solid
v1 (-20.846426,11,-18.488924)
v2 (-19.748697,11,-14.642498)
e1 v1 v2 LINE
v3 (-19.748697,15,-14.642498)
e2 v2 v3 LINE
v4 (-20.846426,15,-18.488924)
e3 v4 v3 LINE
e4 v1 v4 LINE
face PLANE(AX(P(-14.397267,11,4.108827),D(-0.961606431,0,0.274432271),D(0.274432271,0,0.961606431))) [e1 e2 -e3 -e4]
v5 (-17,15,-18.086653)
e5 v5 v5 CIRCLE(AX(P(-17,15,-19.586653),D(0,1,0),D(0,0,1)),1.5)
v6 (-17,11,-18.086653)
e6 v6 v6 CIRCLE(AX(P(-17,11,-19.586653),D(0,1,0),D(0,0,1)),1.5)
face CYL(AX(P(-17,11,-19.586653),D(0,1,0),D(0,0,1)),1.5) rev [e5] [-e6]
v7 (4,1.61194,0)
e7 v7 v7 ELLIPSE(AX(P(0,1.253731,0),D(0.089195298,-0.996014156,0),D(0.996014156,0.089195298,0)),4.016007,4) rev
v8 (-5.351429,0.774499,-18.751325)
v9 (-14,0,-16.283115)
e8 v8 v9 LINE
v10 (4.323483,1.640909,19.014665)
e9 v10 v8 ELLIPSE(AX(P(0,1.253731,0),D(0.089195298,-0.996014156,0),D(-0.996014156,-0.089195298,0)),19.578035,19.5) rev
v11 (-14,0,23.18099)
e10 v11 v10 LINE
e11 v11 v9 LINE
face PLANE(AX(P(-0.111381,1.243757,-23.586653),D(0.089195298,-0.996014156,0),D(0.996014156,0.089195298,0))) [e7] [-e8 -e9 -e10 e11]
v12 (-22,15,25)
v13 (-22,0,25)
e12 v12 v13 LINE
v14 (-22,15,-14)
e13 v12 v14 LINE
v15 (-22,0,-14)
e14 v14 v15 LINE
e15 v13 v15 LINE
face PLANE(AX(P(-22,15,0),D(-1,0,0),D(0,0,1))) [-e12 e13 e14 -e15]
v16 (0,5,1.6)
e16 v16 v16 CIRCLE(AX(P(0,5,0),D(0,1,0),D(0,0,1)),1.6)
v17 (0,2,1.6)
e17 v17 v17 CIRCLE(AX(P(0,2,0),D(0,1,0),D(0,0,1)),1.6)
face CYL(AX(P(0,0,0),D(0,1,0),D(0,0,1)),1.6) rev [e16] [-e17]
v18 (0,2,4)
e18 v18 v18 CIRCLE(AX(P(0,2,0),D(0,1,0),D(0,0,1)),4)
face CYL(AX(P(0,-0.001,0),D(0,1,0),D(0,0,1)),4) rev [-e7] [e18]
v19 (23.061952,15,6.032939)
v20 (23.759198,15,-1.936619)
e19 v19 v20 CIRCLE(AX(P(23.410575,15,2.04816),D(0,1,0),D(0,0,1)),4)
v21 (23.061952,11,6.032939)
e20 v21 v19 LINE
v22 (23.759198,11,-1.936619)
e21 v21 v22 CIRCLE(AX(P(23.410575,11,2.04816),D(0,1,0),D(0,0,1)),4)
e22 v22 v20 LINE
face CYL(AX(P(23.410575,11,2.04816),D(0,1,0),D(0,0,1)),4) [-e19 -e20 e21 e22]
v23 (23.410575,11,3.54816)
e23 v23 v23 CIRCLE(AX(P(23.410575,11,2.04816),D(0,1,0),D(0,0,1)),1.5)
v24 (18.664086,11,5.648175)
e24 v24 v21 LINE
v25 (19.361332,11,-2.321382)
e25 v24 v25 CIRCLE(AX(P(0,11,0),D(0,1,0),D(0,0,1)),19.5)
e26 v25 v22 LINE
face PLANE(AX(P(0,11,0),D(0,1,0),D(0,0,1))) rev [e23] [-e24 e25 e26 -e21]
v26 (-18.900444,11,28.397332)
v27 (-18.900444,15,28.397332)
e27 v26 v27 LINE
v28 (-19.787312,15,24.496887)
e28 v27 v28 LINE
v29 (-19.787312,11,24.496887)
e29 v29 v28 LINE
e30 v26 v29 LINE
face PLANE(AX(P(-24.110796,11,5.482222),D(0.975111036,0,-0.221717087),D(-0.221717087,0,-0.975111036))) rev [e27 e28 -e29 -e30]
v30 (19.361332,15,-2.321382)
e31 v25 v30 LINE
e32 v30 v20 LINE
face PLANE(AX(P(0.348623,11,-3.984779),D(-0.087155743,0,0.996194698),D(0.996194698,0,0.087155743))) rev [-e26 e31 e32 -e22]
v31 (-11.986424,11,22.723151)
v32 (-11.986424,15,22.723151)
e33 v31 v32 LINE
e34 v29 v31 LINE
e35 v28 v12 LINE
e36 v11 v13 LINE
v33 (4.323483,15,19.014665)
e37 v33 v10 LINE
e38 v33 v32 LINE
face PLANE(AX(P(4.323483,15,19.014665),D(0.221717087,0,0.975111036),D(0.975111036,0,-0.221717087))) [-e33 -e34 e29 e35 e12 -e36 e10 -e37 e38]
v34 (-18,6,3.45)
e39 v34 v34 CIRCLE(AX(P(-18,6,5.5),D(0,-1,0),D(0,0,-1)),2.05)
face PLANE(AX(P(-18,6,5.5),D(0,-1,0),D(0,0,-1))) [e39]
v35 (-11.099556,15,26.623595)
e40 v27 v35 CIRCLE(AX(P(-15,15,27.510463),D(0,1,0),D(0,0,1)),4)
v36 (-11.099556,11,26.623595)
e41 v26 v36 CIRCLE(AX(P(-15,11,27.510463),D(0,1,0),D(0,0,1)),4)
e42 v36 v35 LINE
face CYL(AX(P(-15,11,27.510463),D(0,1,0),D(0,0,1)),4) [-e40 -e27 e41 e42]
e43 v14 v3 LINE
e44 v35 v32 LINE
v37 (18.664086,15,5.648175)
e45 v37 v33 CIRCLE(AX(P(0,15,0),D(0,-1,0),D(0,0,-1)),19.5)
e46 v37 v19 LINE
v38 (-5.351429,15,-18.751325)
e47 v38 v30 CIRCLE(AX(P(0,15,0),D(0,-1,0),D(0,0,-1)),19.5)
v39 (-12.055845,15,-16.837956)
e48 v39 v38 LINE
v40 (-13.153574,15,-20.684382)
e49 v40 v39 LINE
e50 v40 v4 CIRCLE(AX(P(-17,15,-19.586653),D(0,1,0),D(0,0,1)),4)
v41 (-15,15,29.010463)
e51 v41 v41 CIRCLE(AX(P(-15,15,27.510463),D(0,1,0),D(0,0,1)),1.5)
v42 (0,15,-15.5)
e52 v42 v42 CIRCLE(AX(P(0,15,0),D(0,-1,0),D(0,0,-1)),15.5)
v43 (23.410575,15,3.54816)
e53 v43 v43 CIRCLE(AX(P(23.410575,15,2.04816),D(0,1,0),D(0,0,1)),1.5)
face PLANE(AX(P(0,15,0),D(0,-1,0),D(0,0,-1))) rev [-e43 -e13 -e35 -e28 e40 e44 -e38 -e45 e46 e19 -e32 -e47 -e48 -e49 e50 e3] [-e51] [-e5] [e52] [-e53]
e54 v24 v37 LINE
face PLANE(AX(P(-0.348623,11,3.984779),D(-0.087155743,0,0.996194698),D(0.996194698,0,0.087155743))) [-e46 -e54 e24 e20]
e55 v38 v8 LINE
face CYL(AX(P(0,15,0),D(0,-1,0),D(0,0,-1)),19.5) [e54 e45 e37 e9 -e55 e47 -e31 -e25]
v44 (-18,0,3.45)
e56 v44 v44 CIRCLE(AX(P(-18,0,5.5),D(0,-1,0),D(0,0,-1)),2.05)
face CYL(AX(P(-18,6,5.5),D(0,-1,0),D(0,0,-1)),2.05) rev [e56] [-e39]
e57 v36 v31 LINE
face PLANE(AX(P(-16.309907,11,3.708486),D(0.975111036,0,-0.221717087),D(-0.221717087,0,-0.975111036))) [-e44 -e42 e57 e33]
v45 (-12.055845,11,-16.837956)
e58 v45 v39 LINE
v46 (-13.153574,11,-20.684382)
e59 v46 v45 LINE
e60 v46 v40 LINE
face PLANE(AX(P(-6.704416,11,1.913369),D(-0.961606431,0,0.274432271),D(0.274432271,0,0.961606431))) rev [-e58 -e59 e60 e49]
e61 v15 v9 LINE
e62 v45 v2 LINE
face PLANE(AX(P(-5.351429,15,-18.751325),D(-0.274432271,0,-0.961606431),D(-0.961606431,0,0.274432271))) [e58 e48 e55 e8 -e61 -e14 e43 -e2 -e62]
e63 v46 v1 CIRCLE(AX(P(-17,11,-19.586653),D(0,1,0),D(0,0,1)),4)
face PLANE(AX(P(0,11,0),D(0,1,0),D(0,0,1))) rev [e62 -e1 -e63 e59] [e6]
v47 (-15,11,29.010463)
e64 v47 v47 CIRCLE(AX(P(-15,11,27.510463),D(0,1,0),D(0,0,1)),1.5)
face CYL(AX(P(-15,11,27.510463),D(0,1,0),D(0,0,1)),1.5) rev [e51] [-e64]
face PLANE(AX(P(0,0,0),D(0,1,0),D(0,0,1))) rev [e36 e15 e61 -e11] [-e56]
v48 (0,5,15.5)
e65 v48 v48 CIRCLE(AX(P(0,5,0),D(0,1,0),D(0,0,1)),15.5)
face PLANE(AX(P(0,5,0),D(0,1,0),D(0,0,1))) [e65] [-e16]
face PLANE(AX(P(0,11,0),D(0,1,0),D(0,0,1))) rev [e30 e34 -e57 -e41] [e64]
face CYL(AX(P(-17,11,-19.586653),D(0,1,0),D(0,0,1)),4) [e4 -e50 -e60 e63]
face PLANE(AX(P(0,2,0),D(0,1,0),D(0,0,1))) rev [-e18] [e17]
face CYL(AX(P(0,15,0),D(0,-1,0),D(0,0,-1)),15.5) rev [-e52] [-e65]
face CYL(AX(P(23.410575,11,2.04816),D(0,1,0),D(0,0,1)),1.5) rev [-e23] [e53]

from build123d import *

# Parameters (mm, degrees)
SKETCH1_R               = 15.5
BOSS_EXTRUDE1_DEPTH     = 5
SKETCH2_R               = 15.5
BOSS_EXTRUDE2_DEPTH     = 15
CUT_EXTRUDE7_DEPTH      = 26
CUT_EXTRUDE7_DEPTH_BACK = 20.5
SKETCH18_R              = 1.6
CUT_EXTRUDE8_DEPTH      = 6
SKETCH19_R              = 2.05
CUT_EXTRUDE9_DEPTH      = 6
CUT_EXTRUDE10_REACH     = 4
SKETCH20_R              = 4
SKETCH21_R              = 1.5
SKETCH21_R_2            = 4
BOSS_EXTRUDE3_DEPTH     = 4


with BuildPart() as part:
    # Sketch1 → Boss-Extrude1 (new body)
    with BuildSketch(Plane(origin=(0, 0, 0), x_dir=(1, 0, 0), z_dir=(0, 1, 0))):
        Circle(SKETCH1_R)
    extrude(amount=BOSS_EXTRUDE1_DEPTH)

    # Sketch2 → Boss-Extrude2 (add)
    with BuildSketch(Plane.XZ):
        with BuildLine():
            Line((-22, -14), (-5.351429285, -18.751325409))
            ThreePointArc((-5.351429285, -18.751325409), (18.889988887, -4.839247858), (4.323483194, 19.014665211))
            Line((4.323483194, 19.014665211), (-22, 25))
            Line((-22, 25), (-22, -14))
        make_face()
        Circle(SKETCH2_R, mode=Mode.SUBTRACT)
    extrude(amount=-BOSS_EXTRUDE2_DEPTH)

    # Sketch17 → Cut-Extrude7 (cut, two sides)
    with BuildSketch(Plane.XY) as cut_extrude7_sk:
        Polygon((19.5, 0), (-14, 0), (19.5, 3), align=None)
    extrude(amount=CUT_EXTRUDE7_DEPTH, mode=Mode.SUBTRACT)
    extrude(cut_extrude7_sk.sketch, amount=-CUT_EXTRUDE7_DEPTH_BACK, mode=Mode.SUBTRACT)

    # Sketch18 → Cut-Extrude8 (cut, through all)
    with BuildSketch(Plane(origin=(0, 5, 0), x_dir=(1, 0, 0), z_dir=(0, 1, 0))):
        Circle(SKETCH18_R)
    extrude(amount=-CUT_EXTRUDE8_DEPTH, mode=Mode.SUBTRACT)

    # Sketch19 → Cut-Extrude9 (cut)
    with BuildSketch(Plane.XZ):
        with Locations((-18, 5.5)):
            Circle(SKETCH19_R)
    extrude(amount=-CUT_EXTRUDE9_DEPTH, mode=Mode.SUBTRACT)

    # Sketch20 → Cut-Extrude10 (cut, up to next)
    with BuildSketch(Plane(origin=(0, 2, 0), x_dir=(1, 0, 0), z_dir=(0, 1, 0)), mode=Mode.PRIVATE) as cut_extrude10_sk1:
        Circle(SKETCH20_R)
    cut_extrude10_tool1 = extrude(cut_extrude10_sk1.sketch, amount=-CUT_EXTRUDE10_REACH, mode=Mode.PRIVATE) & part.part
    add(cut_extrude10_tool1.solids().sort_by_distance((0, 2, 0))[0], mode=Mode.SUBTRACT)

    # Sketch21 → Boss-Extrude3 (add)
    with BuildSketch(Plane(origin=(0, 15, 0), x_dir=(1, 0, 0), z_dir=(0, 1, 0))):
        with BuildLine():
            ThreePointArc((-13.153574275, 20.684381981), (-18.097729084, 23.433078622), (-20.846425725, 18.488923813))
            Line((-20.846425725, 18.488923813), (-19.748696641, 14.642498088))
            Line((-19.748696641, 14.642498088), (-12.055845191, 16.837956256))
            Line((-12.055845191, 16.837956256), (-13.153574275, 20.684381981))
        make_face()
        with Locations((-17, 19.586652897)):
            Circle(SKETCH21_R, mode=Mode.SUBTRACT)
        with BuildLine():
            Line((-11.099555854, -26.623594872), (-11.986424202, -22.723150726))
            Line((-11.986424202, -22.723150726), (-19.787312493, -24.496887421))
            Line((-19.787312493, -24.496887421), (-18.900444146, -28.397331567))
            ThreePointArc((-18.900444146, -28.397331567), (-14.113131653, -31.410907365), (-11.099555854, -26.623594872))
        make_face()
        with Locations((-15, -27.51046322)):
            Circle(SKETCH21_R, mode=Mode.SUBTRACT)
        with BuildLine():
            ThreePointArc((23.061952434, -6.032938747), (20.346397625, -4.619310384), (19.425796615, -1.699536959))
            ThreePointArc((19.425796615, -1.699536959), (19.147003171, -3.69354431), (18.664086253, -5.648175312))
            Line((18.664086253, -5.648175312), (23.061952434, -6.032938747))
        make_face()
        with Locations((23.410575405, -2.048159955)):
            Circle(SKETCH21_R_2)
        with Locations((23.410575405, -2.048159955)):
            Circle(SKETCH21_R, mode=Mode.SUBTRACT)
        with BuildLine():
            Line((23.759198376, 1.936618838), (19.361332194, 2.321382272))
            ThreePointArc((19.361332194, 2.321382272), (19.497494408, 0.31258889), (19.425796615, -1.699536959))
            ThreePointArc((19.425796615, -1.699536959), (20.839424976, 1.016017826), (23.759198376, 1.936618838))
        make_face()
    extrude(amount=-BOSS_EXTRUDE3_DEPTH)


solid = part.part
